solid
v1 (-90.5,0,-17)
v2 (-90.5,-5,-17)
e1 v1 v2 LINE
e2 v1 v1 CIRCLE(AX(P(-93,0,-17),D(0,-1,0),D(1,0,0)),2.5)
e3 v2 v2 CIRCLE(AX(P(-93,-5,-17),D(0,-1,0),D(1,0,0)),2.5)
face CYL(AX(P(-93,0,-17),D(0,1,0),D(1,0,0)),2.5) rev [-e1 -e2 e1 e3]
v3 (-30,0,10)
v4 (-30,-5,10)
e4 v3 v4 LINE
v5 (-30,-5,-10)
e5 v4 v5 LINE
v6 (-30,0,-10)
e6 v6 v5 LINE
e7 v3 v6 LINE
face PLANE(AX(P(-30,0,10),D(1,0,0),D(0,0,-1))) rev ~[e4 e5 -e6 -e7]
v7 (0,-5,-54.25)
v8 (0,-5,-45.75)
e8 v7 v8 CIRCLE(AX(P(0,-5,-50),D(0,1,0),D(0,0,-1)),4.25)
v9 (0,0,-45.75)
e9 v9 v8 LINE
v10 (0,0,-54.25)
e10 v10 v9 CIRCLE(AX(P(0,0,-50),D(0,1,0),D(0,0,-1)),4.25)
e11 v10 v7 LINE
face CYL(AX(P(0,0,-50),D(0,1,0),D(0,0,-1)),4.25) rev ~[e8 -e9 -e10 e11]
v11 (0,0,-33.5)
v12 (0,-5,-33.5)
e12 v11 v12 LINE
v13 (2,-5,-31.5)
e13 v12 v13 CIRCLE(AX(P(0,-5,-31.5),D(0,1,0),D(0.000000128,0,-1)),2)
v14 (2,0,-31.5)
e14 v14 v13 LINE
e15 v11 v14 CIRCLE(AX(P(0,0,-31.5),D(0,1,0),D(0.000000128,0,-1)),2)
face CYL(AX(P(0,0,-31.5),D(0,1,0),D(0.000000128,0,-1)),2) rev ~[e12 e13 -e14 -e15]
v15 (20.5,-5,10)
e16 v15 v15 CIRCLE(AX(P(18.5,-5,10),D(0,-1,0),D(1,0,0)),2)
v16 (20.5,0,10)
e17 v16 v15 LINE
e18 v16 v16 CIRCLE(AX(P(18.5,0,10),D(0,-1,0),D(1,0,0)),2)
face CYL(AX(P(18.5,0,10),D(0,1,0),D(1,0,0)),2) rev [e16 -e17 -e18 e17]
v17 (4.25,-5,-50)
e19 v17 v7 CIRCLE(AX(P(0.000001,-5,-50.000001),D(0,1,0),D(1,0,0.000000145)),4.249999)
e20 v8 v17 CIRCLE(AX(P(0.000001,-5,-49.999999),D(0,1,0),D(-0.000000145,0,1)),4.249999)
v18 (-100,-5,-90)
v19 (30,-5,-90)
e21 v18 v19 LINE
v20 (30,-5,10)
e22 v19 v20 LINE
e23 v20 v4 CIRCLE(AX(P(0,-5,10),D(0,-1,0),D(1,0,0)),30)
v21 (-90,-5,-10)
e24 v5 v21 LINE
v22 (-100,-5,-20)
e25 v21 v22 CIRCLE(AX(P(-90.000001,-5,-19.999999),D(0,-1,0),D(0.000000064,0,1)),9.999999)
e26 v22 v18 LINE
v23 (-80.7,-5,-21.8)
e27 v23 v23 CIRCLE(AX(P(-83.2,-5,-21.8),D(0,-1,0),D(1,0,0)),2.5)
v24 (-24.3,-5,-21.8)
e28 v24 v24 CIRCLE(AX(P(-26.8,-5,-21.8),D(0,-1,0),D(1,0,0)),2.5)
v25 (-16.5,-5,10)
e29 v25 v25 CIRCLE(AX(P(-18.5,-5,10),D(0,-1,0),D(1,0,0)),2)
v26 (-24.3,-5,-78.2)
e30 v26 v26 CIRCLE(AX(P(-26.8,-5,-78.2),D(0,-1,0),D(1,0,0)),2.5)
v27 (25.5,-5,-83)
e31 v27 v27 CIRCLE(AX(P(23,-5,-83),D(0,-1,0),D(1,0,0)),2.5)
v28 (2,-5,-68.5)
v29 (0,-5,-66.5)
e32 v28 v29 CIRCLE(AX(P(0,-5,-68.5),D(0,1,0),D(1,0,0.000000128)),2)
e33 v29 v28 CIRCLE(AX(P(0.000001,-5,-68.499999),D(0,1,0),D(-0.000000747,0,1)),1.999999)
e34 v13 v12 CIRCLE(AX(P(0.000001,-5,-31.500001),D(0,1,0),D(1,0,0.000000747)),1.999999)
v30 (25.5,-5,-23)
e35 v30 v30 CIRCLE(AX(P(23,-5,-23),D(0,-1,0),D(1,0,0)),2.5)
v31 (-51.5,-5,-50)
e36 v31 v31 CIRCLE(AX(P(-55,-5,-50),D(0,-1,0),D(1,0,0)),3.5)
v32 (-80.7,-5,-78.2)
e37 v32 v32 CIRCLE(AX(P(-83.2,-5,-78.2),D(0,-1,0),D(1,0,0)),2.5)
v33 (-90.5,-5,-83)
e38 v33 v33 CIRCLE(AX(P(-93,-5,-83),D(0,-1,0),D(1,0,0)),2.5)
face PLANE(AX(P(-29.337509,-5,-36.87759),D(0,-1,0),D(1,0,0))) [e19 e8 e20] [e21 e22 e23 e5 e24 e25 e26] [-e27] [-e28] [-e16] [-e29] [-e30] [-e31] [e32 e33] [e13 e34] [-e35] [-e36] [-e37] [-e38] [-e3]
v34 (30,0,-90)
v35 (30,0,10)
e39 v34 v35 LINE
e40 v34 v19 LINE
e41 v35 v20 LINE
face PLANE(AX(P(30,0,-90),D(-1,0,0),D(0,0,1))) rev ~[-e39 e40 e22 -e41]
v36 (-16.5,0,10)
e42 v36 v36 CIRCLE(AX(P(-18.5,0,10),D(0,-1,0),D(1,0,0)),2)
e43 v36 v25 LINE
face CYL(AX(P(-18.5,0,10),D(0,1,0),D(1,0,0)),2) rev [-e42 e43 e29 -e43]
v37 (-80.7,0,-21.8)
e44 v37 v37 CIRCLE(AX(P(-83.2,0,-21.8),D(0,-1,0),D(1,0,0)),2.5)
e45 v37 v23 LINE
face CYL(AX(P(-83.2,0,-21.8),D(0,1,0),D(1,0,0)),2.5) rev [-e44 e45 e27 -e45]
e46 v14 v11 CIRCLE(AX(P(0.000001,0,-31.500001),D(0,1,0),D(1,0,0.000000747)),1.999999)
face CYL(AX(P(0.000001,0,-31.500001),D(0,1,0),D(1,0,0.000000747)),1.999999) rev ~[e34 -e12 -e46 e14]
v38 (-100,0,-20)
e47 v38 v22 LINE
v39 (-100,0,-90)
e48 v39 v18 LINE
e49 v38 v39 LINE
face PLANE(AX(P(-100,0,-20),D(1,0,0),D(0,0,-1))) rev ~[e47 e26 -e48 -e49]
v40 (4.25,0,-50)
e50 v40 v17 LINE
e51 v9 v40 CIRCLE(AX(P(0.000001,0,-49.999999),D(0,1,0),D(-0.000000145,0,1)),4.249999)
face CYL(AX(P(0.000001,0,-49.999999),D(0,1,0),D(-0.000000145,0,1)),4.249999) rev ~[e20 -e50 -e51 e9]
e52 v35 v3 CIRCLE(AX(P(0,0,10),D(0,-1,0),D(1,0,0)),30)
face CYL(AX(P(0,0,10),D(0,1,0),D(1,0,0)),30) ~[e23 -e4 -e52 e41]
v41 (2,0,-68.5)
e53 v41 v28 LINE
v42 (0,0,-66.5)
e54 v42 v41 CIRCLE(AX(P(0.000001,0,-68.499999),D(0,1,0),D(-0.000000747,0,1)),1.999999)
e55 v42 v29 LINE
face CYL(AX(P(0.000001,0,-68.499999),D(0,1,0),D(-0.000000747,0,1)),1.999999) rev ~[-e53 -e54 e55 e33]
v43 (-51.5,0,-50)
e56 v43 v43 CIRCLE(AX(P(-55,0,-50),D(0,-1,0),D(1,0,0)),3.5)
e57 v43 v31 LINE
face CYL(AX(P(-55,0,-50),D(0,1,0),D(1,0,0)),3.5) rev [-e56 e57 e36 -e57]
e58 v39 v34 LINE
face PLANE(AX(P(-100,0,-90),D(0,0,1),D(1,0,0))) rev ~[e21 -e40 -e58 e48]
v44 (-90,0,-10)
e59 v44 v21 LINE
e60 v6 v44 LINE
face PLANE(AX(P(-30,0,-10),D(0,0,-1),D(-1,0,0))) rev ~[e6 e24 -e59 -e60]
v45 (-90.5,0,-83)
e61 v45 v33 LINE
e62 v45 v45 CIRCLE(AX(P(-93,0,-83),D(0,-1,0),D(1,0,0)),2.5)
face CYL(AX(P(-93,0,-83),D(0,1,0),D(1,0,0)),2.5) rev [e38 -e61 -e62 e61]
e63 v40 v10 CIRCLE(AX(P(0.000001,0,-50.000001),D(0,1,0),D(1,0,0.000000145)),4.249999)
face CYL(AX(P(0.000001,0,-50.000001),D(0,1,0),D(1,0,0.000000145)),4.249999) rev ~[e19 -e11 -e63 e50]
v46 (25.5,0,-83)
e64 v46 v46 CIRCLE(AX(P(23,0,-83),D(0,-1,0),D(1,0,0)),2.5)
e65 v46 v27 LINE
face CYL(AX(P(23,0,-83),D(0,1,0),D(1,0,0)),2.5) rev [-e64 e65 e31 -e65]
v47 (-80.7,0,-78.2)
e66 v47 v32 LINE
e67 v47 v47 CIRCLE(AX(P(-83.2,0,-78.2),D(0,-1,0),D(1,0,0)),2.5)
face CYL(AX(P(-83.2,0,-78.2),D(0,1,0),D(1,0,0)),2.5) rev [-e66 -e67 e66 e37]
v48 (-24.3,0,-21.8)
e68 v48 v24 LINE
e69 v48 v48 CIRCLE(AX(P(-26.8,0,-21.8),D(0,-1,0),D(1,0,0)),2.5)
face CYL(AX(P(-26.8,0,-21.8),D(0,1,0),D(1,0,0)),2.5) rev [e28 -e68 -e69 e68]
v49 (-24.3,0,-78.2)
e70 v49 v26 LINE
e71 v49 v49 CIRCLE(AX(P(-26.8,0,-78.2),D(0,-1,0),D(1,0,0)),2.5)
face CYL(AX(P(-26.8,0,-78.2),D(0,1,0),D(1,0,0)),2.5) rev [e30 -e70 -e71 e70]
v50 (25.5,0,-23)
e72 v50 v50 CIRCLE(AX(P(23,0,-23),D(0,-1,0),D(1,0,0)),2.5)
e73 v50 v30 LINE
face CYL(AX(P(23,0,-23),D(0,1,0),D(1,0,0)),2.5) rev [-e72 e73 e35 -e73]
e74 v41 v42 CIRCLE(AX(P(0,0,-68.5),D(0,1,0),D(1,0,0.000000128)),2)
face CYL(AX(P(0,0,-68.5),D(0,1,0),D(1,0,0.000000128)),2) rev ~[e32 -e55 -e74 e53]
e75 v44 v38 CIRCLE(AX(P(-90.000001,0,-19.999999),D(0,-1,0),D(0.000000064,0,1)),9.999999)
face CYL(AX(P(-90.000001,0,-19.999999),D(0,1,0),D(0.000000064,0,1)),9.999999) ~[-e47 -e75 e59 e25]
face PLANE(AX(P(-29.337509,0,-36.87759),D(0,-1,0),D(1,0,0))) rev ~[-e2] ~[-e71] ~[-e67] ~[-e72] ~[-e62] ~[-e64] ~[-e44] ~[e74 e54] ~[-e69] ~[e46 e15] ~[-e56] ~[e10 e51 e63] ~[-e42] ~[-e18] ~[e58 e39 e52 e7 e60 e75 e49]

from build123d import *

# Parameters (mm, degrees)
F0_R     = 2.5
F0_R_2   = 3.5
F0_R_3   = 2
F1_DEPTH = 5


with BuildPart() as f1:
    # F0 (on Front) → F1 (new body)
    with BuildSketch(Plane.XZ):
        with BuildLine():
            Line((-100, -90), (30, -90))
            Line((30, -90), (30, 10))
            ThreePointArc((30, 10), (0, 40), (-30, 10))
            Line((-30, 10), (-30, -10))
            Line((-30, -10), (-90, -10))
            ThreePointArc((-90, -10), (-97.071068, -12.928932), (-100, -20))
            Line((-100, -20), (-100, -90))
        make_face()
        with Locations((-93, -83)):
            Circle(F0_R, mode=Mode.SUBTRACT)
        with Locations((-83.2, -78.2)):
            Circle(F0_R, mode=Mode.SUBTRACT)
        with Locations((-55, -50)):
            Circle(F0_R_2, mode=Mode.SUBTRACT)
        with Locations((-26.8, -78.2)):
            Circle(F0_R, mode=Mode.SUBTRACT)
        with Locations((23, -83)):
            Circle(F0_R, mode=Mode.SUBTRACT)
        with BuildLine():
            ThreePointArc((2, -68.5), (-1.414214, -69.914214), (0, -66.5))
            ThreePointArc((0, -66.5), (1.414214, -67.085786), (2, -68.5))
        make_face(mode=Mode.SUBTRACT)
        with BuildLine():
            ThreePointArc((0, -54.25), (-4.25, -50), (0, -45.75))
            ThreePointArc((0, -45.75), (3.005204, -46.994796), (4.25, -50))
            ThreePointArc((4.25, -50), (3.005204, -53.005204), (0, -54.25))
        make_face(mode=Mode.SUBTRACT)
        with BuildLine():
            ThreePointArc((0, -33.5), (-1.414214, -30.085786), (2, -31.5))
            ThreePointArc((2, -31.5), (1.414214, -32.914214), (0, -33.5))
        make_face(mode=Mode.SUBTRACT)
        with Locations((-93, -17)):
            Circle(F0_R, mode=Mode.SUBTRACT)
        with Locations((-83.2, -21.8)):
            Circle(F0_R, mode=Mode.SUBTRACT)
        with Locations((-26.8, -21.8)):
            Circle(F0_R, mode=Mode.SUBTRACT)
        with Locations((23, -23)):
            Circle(F0_R, mode=Mode.SUBTRACT)
        with Locations((-18.5, 10)):
            Circle(F0_R_3, mode=Mode.SUBTRACT)
        with Locations((18.5, 10)):
            Circle(F0_R_3, mode=Mode.SUBTRACT)
    extrude(amount=F1_DEPTH)


solid = f1.part
